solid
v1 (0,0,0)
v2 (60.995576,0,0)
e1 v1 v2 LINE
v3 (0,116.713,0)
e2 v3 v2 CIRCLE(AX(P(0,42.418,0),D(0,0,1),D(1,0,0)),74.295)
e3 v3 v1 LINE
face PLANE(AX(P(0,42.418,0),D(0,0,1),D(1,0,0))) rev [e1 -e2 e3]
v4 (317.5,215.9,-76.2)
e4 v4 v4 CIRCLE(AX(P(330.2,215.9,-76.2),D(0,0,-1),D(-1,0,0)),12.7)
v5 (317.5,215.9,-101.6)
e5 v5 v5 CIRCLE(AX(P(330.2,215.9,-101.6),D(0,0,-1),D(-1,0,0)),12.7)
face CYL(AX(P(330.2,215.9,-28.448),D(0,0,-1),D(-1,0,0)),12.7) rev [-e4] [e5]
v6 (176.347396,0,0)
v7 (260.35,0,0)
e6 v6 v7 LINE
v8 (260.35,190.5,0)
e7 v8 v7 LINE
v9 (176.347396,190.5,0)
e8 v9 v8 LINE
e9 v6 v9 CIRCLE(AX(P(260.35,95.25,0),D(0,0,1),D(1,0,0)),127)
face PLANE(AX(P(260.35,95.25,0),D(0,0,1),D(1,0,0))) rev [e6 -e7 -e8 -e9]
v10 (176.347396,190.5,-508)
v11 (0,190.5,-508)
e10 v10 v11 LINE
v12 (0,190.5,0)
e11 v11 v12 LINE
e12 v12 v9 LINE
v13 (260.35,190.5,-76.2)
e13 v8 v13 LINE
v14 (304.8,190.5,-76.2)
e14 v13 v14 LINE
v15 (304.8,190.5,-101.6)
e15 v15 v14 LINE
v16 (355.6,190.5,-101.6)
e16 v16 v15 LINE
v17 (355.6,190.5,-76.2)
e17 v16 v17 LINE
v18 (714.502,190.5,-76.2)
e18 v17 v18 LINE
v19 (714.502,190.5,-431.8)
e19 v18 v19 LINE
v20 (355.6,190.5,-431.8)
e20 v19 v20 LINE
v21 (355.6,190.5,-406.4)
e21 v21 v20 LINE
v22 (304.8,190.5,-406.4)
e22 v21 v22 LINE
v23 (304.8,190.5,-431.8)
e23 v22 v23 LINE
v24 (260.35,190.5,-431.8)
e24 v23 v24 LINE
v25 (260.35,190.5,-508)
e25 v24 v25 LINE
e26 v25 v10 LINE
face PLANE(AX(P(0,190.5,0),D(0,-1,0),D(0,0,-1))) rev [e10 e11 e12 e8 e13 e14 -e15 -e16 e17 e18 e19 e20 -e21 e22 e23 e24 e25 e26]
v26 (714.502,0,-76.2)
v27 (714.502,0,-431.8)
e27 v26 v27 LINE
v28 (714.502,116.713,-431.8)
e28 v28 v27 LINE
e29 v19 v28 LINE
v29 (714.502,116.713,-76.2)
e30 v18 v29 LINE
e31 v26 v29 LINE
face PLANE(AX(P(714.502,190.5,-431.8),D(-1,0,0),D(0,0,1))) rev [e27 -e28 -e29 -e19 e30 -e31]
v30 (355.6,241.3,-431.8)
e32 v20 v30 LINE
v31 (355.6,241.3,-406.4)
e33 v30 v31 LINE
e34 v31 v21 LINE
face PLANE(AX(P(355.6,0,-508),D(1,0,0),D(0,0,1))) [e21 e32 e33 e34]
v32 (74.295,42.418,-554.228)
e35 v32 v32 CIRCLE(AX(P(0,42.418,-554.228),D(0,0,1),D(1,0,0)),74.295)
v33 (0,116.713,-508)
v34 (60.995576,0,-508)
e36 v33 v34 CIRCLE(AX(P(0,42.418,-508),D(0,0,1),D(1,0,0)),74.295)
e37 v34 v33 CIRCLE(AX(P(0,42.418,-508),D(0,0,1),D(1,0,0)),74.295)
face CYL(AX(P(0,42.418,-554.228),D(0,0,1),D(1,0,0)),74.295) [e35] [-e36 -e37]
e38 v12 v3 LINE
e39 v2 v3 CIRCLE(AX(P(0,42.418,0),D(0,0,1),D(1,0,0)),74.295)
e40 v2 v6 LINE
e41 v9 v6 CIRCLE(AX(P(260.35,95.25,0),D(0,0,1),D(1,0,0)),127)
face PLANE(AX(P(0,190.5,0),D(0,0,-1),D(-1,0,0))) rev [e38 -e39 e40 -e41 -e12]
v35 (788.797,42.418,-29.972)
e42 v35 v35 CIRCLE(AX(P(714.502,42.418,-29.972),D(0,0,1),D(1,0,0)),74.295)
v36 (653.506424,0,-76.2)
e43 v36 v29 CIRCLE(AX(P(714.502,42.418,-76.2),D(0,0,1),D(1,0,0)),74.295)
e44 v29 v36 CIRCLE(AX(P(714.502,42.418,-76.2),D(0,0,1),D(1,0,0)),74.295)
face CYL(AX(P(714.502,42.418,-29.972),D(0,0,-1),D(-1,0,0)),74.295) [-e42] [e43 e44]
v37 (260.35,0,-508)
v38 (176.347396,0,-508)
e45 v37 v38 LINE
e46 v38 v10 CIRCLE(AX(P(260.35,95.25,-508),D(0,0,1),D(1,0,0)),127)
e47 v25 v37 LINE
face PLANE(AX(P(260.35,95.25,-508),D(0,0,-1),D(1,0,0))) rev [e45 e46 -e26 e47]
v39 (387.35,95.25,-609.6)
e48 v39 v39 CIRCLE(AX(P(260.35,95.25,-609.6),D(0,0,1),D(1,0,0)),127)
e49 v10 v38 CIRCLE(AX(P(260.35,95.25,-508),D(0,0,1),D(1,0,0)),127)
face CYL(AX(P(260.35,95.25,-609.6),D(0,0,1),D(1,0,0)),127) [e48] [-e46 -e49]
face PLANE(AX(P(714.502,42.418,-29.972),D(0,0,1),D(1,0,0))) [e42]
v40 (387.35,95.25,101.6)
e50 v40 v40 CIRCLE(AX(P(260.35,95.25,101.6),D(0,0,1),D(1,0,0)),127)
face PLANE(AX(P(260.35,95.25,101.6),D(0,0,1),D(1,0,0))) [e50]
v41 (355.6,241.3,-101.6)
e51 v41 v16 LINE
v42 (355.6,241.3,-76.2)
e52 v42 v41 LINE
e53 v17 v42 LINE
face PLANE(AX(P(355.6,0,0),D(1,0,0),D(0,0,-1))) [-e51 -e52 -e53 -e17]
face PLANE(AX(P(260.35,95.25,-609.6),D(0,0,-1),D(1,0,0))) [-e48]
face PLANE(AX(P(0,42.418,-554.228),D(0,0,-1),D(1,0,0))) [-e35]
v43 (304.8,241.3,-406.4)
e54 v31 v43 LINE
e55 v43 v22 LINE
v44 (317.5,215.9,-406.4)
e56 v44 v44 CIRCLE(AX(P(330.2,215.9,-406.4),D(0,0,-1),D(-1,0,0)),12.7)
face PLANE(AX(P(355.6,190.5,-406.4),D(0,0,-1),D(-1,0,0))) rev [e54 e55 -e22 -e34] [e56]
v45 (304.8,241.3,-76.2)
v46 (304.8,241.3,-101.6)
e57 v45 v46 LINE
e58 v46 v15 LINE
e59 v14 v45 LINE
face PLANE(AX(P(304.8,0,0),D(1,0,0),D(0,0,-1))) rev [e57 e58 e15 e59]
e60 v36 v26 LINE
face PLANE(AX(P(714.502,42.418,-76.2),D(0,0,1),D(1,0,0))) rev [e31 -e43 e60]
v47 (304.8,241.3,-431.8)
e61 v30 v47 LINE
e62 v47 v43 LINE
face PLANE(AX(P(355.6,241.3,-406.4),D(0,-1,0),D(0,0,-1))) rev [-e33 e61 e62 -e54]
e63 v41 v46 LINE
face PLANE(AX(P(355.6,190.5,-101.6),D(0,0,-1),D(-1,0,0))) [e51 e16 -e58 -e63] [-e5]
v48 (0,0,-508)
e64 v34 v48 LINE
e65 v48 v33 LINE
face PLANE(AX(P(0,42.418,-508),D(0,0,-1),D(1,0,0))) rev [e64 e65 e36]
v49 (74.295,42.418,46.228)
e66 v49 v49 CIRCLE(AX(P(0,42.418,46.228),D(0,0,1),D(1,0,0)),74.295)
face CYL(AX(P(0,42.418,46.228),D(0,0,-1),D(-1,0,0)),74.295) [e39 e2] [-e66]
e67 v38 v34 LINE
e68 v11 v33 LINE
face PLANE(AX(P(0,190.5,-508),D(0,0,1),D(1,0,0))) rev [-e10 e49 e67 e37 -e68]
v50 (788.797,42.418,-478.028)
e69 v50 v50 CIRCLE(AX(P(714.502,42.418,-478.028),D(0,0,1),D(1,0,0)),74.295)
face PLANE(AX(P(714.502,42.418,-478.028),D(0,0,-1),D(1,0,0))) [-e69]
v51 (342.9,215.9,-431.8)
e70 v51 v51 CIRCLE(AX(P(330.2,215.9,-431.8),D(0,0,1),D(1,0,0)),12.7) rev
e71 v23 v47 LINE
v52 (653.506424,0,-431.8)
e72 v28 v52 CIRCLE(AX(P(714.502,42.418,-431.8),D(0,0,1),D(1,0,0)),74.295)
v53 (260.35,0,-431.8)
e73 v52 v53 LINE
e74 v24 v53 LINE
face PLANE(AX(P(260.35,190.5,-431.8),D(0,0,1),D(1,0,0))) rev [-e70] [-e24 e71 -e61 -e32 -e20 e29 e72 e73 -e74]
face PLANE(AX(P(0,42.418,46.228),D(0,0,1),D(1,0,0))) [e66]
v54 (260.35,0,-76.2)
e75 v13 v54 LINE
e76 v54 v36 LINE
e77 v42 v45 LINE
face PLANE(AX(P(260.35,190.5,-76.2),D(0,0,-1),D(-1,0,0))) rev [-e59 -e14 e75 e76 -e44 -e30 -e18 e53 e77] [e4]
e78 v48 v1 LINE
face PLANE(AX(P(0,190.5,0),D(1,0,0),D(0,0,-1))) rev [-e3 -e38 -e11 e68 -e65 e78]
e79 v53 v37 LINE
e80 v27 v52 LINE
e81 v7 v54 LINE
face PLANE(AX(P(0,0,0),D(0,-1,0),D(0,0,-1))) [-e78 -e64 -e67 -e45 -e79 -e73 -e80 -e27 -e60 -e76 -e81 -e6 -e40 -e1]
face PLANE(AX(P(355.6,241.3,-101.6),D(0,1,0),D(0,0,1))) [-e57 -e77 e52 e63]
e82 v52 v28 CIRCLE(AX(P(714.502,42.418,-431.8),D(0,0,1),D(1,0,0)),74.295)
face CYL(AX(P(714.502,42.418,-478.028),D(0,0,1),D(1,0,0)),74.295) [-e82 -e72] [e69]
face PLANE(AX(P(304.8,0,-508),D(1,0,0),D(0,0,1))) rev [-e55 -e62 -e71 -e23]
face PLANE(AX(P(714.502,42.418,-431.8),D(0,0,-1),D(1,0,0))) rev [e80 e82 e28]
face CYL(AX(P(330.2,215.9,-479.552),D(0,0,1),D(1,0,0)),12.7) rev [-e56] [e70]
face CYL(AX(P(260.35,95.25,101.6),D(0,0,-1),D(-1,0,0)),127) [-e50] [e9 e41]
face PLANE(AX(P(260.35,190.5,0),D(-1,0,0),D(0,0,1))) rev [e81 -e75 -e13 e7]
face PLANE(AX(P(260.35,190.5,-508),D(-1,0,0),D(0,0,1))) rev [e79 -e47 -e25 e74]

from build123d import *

# Parameters (mm, degrees)
BOSS_EXTRUDE1_DEPTH = 190.5
SKETCH2_R           = 127
BOSS_EXTRUDE2_DEPTH = 101.6
SKETCH3_R           = 74.295
BOSS_EXTRUDE3_DEPTH = 46.228
SKETCH4_R           = 74.295
BOSS_EXTRUDE4_DEPTH = 46.228
SKETCH6_W           = 25.4
SKETCH6_H           = 50.8
BOSS_EXTRUDE5_DEPTH = 25.4
SKETCH7_R           = 12.7
CUT_EXTRUDE1_DEPTH  = 73.152


with BuildPart() as part:
    # Sketch1 → Boss-Extrude1 (new body)
    with BuildSketch(Plane(origin=(0, 0, 0), x_dir=(1, 0, 0), z_dir=(0, 1, 0))):
        Polygon((260.35, 508), (260.35, 431.8), (714.502, 431.8), (714.502, 76.2), (260.35, 76.2), (260.35, 0), (0, 0), (0, 508), align=None)
    extrude(amount=BOSS_EXTRUDE1_DEPTH)

    # Sketch2 → Boss-Extrude2 (add)
    with BuildSketch(Plane.XY):
        with Locations(Location((260.35, 95.25, 0), (0, 0, 228.590377891))):
            Circle(SKETCH2_R)
    boss_extrude2 = extrude(amount=BOSS_EXTRUDE2_DEPTH)

    # Sketch3 → Boss-Extrude3 (add)
    with BuildSketch(Plane.XY):
        with Locations(Location((0, 42.418, 0), (0, 0, 90))):
            Circle(SKETCH3_R)
    boss_extrude3 = extrude(amount=BOSS_EXTRUDE3_DEPTH)

    # Sketch4 → Boss-Extrude4 (add)
    with BuildSketch(Plane.XY.offset(-76.2)):
        with Locations(Location((714.502, 42.418, 0), (0, 0, 214.815812785))):
            Circle(SKETCH4_R)
    boss_extrude4 = extrude(amount=BOSS_EXTRUDE4_DEPTH)

    # Mirror1: Boss-Extrude2, Boss-Extrude3, Boss-Extrude4 across plane
    add(boss_extrude2.mirror(Plane.XY.offset(-254)))
    add(boss_extrude3.mirror(Plane.XY.offset(-254)))
    add(boss_extrude4.mirror(Plane.XY.offset(-254)))

    # Sketch6 → Boss-Extrude5 (add, symmetric)
    with BuildSketch(Plane.ZY.offset(-330.2)):
        with Locations((-88.9, 215.9)):
            Rectangle(SKETCH6_W, SKETCH6_H)
    boss_extrude5 = extrude(amount=BOSS_EXTRUDE5_DEPTH, both=True)

    # Sketch7 → Cut-Extrude1 (cut)
    with BuildSketch(Plane(origin=(0, 0, -101.6), x_dir=(-1, 0, 0), z_dir=(0, 0, -1))):
        with Locations((-330.2, 215.9)):
            Circle(SKETCH7_R)
    cut_extrude1 = extrude(amount=-CUT_EXTRUDE1_DEPTH, mode=Mode.SUBTRACT)

    # Mirror2: Boss-Extrude5, Cut-Extrude1 across plane
    add(boss_extrude5.mirror(Plane.XY.offset(-254)))
    add(cut_extrude1.mirror(Plane.XY.offset(-254)), mode=Mode.SUBTRACT)


solid = part.part
